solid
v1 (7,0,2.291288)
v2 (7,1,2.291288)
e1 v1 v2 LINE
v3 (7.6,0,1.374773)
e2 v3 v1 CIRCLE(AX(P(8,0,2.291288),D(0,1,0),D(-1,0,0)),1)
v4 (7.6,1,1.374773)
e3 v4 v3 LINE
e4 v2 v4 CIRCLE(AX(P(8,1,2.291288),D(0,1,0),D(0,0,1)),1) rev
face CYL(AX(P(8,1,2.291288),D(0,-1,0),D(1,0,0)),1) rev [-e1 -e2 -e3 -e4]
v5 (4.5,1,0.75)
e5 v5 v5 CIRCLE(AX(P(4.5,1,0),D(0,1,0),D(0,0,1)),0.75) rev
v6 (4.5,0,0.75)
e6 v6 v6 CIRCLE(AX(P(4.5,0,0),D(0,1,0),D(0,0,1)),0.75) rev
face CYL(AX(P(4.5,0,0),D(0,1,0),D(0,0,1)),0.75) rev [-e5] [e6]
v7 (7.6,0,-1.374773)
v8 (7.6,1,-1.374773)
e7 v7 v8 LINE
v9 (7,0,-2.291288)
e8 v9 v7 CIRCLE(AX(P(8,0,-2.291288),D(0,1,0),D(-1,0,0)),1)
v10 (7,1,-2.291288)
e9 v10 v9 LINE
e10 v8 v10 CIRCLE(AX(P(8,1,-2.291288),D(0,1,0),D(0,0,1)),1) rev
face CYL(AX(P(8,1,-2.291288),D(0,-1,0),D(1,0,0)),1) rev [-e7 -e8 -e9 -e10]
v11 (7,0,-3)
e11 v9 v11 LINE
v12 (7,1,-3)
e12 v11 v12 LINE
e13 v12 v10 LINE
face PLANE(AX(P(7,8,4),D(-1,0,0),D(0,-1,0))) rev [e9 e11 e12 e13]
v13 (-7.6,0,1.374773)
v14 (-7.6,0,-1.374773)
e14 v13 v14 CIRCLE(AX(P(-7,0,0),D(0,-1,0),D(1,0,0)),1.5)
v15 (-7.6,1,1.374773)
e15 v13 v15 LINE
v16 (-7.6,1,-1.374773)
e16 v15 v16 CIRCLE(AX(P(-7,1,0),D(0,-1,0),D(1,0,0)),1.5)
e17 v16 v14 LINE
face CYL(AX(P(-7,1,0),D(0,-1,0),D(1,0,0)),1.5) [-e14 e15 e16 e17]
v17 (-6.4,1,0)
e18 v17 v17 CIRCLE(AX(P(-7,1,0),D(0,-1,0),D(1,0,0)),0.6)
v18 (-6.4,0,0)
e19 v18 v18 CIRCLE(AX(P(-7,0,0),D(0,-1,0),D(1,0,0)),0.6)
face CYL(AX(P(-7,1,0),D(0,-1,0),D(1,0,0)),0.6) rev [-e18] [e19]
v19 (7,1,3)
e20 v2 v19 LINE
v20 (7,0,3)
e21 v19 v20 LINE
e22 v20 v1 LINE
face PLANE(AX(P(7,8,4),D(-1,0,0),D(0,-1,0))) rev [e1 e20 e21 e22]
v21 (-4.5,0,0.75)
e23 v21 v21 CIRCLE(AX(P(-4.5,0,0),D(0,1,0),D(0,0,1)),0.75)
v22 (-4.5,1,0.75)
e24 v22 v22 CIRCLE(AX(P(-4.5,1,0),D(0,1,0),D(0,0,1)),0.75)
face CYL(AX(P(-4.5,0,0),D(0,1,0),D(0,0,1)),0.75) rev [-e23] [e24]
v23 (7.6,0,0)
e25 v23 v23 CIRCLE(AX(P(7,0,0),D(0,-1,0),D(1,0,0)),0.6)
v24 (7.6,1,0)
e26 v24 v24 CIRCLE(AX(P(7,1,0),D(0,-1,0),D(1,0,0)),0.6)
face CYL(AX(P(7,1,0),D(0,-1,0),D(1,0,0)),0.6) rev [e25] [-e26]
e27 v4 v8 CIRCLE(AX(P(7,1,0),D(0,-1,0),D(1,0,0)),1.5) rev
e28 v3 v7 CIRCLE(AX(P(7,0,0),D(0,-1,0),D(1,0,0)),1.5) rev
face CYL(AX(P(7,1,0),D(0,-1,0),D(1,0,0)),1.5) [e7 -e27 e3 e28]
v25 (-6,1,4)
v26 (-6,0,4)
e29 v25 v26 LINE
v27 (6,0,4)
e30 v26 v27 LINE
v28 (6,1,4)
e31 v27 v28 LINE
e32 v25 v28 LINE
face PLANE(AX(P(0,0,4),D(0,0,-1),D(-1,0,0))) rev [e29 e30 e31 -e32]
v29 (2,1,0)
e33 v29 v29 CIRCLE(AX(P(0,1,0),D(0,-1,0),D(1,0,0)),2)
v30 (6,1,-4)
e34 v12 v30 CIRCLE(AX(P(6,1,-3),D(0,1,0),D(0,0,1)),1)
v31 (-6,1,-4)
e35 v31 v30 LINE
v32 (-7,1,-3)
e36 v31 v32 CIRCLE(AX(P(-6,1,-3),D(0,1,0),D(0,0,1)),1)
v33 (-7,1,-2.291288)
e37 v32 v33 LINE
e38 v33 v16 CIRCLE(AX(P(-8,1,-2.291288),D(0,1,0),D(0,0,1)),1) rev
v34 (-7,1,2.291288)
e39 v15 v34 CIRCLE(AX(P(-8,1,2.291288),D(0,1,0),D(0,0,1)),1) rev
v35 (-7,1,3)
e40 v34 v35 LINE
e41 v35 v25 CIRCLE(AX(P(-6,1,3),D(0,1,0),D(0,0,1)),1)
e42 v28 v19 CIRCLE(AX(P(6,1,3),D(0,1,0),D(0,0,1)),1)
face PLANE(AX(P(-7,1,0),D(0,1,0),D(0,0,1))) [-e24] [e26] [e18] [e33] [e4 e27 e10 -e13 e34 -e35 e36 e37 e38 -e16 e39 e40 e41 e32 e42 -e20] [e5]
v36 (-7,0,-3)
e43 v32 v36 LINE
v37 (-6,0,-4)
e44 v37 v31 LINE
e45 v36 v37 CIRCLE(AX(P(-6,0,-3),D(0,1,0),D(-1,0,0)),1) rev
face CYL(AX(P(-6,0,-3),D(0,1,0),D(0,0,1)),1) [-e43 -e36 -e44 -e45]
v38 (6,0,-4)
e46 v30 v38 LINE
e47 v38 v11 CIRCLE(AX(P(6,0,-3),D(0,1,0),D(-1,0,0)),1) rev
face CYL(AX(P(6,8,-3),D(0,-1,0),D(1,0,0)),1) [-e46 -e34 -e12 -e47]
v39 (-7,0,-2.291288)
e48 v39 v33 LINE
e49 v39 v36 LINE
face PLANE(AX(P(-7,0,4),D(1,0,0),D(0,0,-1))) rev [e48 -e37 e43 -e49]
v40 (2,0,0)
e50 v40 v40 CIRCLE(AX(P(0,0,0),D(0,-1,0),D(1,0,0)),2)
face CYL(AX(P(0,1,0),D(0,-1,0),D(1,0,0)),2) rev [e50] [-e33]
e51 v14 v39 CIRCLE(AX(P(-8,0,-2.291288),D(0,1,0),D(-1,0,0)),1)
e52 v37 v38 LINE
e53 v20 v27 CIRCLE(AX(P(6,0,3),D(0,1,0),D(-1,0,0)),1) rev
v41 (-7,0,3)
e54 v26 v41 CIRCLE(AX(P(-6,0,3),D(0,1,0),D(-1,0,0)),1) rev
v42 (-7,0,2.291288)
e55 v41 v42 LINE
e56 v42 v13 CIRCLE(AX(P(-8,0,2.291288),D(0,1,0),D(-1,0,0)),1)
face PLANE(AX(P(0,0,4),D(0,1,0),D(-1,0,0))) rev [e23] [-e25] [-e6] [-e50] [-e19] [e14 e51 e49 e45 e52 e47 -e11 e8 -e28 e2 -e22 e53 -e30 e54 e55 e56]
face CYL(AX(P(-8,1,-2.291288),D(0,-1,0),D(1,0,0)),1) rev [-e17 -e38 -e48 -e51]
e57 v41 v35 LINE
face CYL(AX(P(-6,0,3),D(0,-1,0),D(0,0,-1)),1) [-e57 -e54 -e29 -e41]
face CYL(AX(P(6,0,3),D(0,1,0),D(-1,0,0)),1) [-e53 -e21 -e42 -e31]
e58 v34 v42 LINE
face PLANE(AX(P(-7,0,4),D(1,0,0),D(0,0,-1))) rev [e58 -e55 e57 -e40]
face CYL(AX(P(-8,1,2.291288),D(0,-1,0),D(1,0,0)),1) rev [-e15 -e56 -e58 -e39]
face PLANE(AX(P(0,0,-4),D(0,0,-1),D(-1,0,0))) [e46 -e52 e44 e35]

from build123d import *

# Parameters (mm, degrees)
EXTRUDE1_DEPTH      = 4
EXTRUDE2_DEPTH      = 12.357816692
EXTRUDE2_DEPTH_BACK = 12.357816692
SKETCH2_R           = 1
EXTRUDE3_DEPTH      = 12.357816692
EXTRUDE3_DEPTH_BACK = 12.357816692
SKETCH4_W           = 6
SKETCH4_H           = 8.732029078
FILLET2_R           = 1
EXTRUDE4_DEPTH      = 14
EXTRUDE4_DEPTH_BACK = 3
SKETCH3_R           = 1.5
EXTRUDE5_DEPTH      = 9
SKETCH6_R           = 1.5
EXTRUDE6_DEPTH      = 1
SKETCH7_R           = 0.6
EXTRUDE7_DEPTH      = 1
FILLET3_R           = 1
SKETCH8_R           = 2
EXTRUDE8_DEPTH      = 1
SKETCH9_R           = 15.158662045
EXTRUDE9_DEPTH      = 18.811513131
SKETCH_2_R          = 0.75
CUT_EXTRUDE_1_DEPTH = 10.447221814
FILLET_1_R          = 1


with BuildPart() as part:
    # Sketch1 → Extrude1 (new, symmetric)
    with BuildSketch(Plane.XY):
        Polygon((0, 0), (-7, 0), (-7, 8), (7, 8), (7, 0), align=None)
    extrude(amount=EXTRUDE1_DEPTH, both=True)

    # Sketch2 → Extrude2 (cut, two sides: drawn at the far end of the back side and taken through both)
    with BuildSketch(Plane.XY.offset(-EXTRUDE2_DEPTH_BACK)):
        with Locations((4.5, 5.5)):
            Circle(SKETCH2_R)
    extrude(amount=EXTRUDE2_DEPTH + EXTRUDE2_DEPTH_BACK, mode=Mode.SUBTRACT)

    # Sketch4 → Extrude3 (cut, two sides: drawn at the far end of the back side and taken through both)
    with BuildSketch(Plane(origin=(0, 0, 0), x_dir=(0, 0, -1), z_dir=(1, 0, 0)).offset(-EXTRUDE3_DEPTH_BACK)):
        with Locations((0, 5.366014539)):
            Rectangle(SKETCH4_W, SKETCH4_H)
    extrude(amount=EXTRUDE3_DEPTH + EXTRUDE3_DEPTH_BACK, mode=Mode.SUBTRACT)

    # Fillet2
    fillet2_edges = [part.edges().sort_by_distance(p)[0] for p in [
        (-7, 8, -3.5),
        (7, 8, -3.5),
        (-7, 8, 3.5),
        (7, 8, 3.5),
    ]]
    fillet(fillet2_edges, radius=FILLET2_R)

    # Sketch3 → Extrude4 (add, two sides: drawn at the far end of the back side and taken through both)
    with BuildSketch(Plane.XY.offset(-EXTRUDE4_DEPTH_BACK)):
        with Locations((-3, 4.5)):
            Circle(SKETCH3_R)
    extrude(amount=EXTRUDE4_DEPTH + EXTRUDE4_DEPTH_BACK)

    # Sketch5 → Extrude5 (cut)
    with BuildSketch(Plane.XY.offset(14)):
        Polygon((-4, 4.5), (-4, 6.060686456), (-4.95644391, 6.060686456), (-4.95644391, 2.5), (-4, 2.5), align=None)
    extrude(amount=-EXTRUDE5_DEPTH, mode=Mode.SUBTRACT)

    # Sketch6 → Extrude6 (add)
    with BuildSketch(Plane.XZ):
        with Locations((-7, 0)):
            Circle(SKETCH6_R)
        with Locations((7, 0)):
            Circle(SKETCH6_R)
    extrude(amount=-EXTRUDE6_DEPTH)

    # Sketch7 → Extrude7 (cut)
    with BuildSketch(Plane.XZ):
        with Locations((-7, 0)):
            Circle(SKETCH7_R)
        with Locations((7, 0)):
            Circle(SKETCH7_R)
    extrude(amount=-EXTRUDE7_DEPTH, mode=Mode.SUBTRACT)

    # Fillet3
    fillet3_edges = [part.edges().sort_by_distance(p)[0] for p in [
        (7, 0.5, -1.5),
        (7, 0.5, 1.5),
        (-7, 0.5, 1.5),
        (-7, 0.5, -1.5),
    ]]
    fillet(fillet3_edges, radius=FILLET3_R)

    # Sketch8 → Extrude8 (cut)
    with BuildSketch(Plane.XZ):
        Circle(SKETCH8_R)
    extrude(amount=-EXTRUDE8_DEPTH, mode=Mode.SUBTRACT)

    # Sketch9 → Extrude9 (cut, through all)
    with BuildSketch(Plane(origin=(0, 1, 0), x_dir=(1, 0, 0), z_dir=(0, 1, 0))):
        Circle(SKETCH9_R)
    extrude(amount=EXTRUDE9_DEPTH, mode=Mode.SUBTRACT)

    # Эскиз2 → Вырез-Вытянуть1 (cut, through all)
    with BuildSketch(Plane(origin=(0, 1, 0), x_dir=(1, 0, 0), z_dir=(0, 1, 0))):
        with Locations(Location((-4.5, 0, 0), (0, 0, 270))):
            Circle(SKETCH_2_R)
        with Locations(Location((4.5, 0, 0), (0, 0, 270))):
            Circle(SKETCH_2_R)
    extrude(amount=-CUT_EXTRUDE_1_DEPTH, mode=Mode.SUBTRACT)

    # Скругление1
    fillet_1_edges = [part.edges().sort_by_distance(p)[0] for p in [
        (-7, 0.5, -4),
        (-7, 0.5, 4),
        (7, 0.5, -4),
        (7, 0.5, 4),
    ]]
    fillet(fillet_1_edges, radius=FILLET_1_R)


solid = part.part
